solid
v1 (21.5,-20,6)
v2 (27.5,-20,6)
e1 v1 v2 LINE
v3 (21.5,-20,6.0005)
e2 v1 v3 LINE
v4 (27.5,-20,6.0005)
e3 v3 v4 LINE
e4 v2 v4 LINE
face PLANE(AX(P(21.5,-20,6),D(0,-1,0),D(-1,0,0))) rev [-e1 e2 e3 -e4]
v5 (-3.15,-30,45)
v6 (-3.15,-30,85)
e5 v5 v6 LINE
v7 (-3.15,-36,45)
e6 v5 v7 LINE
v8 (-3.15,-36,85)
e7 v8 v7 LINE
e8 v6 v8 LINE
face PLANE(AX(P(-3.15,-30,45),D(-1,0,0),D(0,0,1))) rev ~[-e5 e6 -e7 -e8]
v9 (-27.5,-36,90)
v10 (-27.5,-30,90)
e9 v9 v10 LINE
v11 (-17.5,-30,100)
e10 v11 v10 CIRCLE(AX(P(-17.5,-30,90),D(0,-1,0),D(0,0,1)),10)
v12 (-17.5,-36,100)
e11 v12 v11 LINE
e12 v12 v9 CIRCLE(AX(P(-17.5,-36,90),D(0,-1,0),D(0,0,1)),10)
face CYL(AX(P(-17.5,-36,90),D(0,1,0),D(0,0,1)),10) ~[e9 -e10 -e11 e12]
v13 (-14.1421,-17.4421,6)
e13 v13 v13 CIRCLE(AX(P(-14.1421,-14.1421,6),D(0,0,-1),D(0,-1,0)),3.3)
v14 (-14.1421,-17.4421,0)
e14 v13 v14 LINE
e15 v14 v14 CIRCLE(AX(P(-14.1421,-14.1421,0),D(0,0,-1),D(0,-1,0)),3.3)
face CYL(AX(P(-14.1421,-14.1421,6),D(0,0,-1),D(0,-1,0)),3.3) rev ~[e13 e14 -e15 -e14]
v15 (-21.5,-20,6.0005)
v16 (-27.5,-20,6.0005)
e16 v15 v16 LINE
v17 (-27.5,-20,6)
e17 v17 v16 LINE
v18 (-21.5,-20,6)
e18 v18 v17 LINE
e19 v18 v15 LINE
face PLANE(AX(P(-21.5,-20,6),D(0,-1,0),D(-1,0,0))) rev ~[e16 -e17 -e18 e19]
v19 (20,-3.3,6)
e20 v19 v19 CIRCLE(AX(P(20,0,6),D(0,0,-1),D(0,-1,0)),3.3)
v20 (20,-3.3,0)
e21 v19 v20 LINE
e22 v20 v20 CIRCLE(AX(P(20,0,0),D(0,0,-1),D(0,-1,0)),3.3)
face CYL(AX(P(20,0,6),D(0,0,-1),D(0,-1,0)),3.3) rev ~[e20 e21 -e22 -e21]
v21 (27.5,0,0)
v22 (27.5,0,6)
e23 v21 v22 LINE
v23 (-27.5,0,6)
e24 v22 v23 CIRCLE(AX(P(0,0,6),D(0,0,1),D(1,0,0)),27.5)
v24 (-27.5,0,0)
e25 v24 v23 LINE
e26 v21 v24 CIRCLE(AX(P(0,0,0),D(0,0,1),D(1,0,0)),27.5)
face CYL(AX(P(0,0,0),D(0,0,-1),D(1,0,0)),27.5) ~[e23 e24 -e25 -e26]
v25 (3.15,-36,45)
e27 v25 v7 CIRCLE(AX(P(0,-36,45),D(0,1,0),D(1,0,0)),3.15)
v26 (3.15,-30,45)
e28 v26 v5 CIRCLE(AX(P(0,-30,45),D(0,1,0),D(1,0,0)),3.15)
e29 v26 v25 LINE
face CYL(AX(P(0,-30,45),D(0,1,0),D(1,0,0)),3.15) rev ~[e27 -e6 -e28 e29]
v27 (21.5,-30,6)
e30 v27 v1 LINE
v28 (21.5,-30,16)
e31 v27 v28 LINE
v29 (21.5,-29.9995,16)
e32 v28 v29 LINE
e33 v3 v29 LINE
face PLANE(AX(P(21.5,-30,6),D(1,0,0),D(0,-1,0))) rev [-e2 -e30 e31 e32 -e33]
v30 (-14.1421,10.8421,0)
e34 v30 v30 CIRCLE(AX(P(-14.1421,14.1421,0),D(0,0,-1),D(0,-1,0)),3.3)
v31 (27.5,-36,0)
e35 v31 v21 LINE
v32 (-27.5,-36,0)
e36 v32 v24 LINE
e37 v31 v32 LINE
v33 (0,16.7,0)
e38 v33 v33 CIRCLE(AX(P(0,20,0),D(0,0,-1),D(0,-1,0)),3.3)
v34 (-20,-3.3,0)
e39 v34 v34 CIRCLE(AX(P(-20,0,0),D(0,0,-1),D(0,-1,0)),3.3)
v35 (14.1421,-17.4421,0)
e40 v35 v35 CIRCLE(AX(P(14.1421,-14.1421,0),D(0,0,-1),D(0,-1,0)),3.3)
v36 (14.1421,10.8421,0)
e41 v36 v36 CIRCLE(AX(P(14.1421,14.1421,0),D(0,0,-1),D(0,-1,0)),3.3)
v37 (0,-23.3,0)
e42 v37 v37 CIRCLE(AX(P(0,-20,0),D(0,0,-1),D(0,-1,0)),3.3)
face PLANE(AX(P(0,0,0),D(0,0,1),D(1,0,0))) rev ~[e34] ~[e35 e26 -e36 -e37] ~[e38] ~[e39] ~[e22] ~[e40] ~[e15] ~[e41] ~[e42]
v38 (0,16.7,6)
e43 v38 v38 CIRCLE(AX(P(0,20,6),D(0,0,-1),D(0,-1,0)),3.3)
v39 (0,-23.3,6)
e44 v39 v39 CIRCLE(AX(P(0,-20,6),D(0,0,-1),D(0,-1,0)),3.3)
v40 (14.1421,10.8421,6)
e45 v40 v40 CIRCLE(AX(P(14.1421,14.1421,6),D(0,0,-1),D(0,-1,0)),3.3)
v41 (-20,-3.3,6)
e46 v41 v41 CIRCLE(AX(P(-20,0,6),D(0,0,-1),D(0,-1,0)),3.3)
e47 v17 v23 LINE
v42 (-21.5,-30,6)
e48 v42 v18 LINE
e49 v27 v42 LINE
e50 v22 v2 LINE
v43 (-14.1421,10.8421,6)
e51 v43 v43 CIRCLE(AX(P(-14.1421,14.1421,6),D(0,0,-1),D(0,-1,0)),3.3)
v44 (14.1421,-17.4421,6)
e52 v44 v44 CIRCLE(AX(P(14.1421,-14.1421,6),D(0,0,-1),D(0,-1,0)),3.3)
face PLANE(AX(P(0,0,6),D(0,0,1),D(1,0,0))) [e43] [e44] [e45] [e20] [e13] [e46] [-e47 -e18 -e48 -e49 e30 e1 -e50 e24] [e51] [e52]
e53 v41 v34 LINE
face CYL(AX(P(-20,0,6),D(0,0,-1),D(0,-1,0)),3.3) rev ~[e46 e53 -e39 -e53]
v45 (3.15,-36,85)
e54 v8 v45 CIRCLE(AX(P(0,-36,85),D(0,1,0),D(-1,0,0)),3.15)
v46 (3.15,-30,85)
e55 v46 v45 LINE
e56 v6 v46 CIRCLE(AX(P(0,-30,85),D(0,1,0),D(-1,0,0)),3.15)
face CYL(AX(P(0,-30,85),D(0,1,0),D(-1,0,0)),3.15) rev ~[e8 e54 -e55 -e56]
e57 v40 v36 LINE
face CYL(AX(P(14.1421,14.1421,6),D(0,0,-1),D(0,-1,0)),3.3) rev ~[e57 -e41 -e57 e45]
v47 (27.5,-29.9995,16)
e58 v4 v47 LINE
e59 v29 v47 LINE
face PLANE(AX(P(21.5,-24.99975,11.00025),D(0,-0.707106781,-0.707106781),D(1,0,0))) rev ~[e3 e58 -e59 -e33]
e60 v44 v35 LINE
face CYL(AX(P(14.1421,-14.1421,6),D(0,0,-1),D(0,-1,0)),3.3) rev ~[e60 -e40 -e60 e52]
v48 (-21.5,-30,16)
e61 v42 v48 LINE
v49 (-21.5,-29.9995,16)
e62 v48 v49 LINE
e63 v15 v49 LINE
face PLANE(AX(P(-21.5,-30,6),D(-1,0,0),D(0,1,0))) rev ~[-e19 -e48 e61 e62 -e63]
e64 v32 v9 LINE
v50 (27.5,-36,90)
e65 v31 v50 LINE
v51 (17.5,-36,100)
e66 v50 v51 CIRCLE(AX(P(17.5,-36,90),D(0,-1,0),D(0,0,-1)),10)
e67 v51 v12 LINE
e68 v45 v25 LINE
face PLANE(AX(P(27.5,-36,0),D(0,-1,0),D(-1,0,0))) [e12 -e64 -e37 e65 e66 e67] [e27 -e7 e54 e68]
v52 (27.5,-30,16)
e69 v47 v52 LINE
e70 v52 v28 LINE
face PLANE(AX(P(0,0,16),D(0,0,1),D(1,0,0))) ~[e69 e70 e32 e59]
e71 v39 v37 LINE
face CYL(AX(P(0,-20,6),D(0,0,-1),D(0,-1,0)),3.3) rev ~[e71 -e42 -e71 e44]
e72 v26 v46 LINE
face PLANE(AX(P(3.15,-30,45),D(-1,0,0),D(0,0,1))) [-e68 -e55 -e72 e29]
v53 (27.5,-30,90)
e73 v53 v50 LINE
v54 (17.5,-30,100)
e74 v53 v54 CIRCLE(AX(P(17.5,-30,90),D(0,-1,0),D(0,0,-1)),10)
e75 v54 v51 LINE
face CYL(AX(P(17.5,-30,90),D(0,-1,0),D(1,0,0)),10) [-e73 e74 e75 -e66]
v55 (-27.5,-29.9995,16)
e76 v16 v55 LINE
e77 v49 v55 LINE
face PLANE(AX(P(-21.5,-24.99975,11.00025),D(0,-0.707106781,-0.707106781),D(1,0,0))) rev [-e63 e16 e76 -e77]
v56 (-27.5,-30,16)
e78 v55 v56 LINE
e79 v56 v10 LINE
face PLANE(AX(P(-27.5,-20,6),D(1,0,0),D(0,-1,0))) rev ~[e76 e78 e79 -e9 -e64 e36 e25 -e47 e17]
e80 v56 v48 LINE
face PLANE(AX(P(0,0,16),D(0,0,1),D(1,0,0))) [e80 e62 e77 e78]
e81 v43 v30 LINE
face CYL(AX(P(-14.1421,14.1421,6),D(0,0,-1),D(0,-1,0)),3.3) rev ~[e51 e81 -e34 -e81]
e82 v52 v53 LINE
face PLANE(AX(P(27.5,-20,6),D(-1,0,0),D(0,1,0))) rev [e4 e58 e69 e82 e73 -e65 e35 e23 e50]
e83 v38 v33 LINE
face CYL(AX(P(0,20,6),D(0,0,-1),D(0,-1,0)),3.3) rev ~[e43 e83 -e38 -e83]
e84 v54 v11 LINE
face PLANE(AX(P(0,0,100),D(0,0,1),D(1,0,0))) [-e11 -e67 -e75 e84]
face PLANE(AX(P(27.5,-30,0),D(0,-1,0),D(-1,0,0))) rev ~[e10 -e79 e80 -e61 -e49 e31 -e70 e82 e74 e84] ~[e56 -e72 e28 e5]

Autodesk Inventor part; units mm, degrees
ref_plane "YZ Plane" through (0, 0, 0) normal (1, 0, 0) x (0, 1, 0)
ref_plane "XZ Plane" through (0, 0, 0) normal (0, 1, 0) x (-1, 0, 0)
ref_plane "XY Plane" through (0, 0, 0) normal (0, 0, 1) x (1, 0, 0)
sketch "Sketch1" plane through (0, 0, 0) normal (0, 0, 1) x (1, 0, 0)
  circle A0 centre (0, 0) radius 27.5
  line L0 (-27.5, 0) -> (27.5, 0)
  line L1 (27.5, 0) -> (27.5, -36)
  line L2 (27.5, -36) -> (-27.5, -36)
  line L3 (-27.5, -36) -> (-27.5, 0)
  line L4 (27.5, -30) -> (-27.5, -30)
  point P0 (20, 0)
  point P1 (20, 0)
  point P2 (20, 0)
  dimension "d0" = 55
  dimension "d1" = 36
  dimension "d2" = 6
  dimension "d7" = 20
extrude "Extrusion1" add sketch "Sketch1" along normal blind 6 contours L0 A0 | L1 L4 L3 A0 | A0 L0
extrude "Extrusion2" add sketch "Sketch1" along normal blind 100 contours L1 L2 L3 L4
sketch "Sketch2" plane through (0, 0, 6) normal (0, 0, 1) x (1, 0, 0)
  arc A0 (27.5, 0) -> (-27.5, 0) centre (0, 0) ccw projected
  line L0 (-27.5, -30) -> (-21.5, -30)
  line L1 (-21.5, -30) -> (-21.5, -20)
  line L2 (-21.5, -20) -> (-27.5, -20)
  line L3 (-27.5, -20) -> (-27.5, -30)
  point P0 (20, 0)
  point P1 (14.1421, 14.1421)
  point P2 (0, 20)
  point P3 (-14.1421, 14.1421)
  point P4 (-20, 0)
  point P5 (-14.1421, -14.1421)
  point P6 (0, -20)
  point P7 (14.1421, -14.1421)
  dimension "d8" = 20
  dimension "d11" = 360
  dimension "d20" = 6
  dimension "d21" = 10
hole "Hole1" at (20, 0, 6) at (0, 20, 6) at (-14.1421, 14.1421, 6) at (-20, 0, 6) at (-14.1421, -14.1421, 6) at (0, -20, 6) at (14.1421, -14.1421, 6) at (14.1421, 14.1421, 6) direction (0, 0, -1) diameter 6.6 end through all clearance for "Flat Head Machine Screw" size "M6" standard "Ansi Metric M Profile"
extrude "Extrusion3" add sketch "Sketch2" along normal blind 10
mirror "Mirror3" about plane through (0, 0, 0) normal (1, 0, 0) of "Extrusion3"
chamfer "Chamfer1" distance 10 angle 45 2 edges at (-24.5, -20, 16) (24.5, -20, 16)
sketch "Sketch3" plane through (-27.5, -30, 100) normal (0, 1, 0) x (1, 0, 0)
  line L0 (55, 0) -> (0, 0) projected
  line L1 (55, 84) -> (55, 0) projected
  arc A0 (30.65, 55) -> (24.35, 55) centre (27.5, 55) ccw
  arc A1 (24.35, 15) -> (30.65, 15) centre (27.5, 15) ccw
  line L2 (30.65, 55) -> (30.65, 15)
  line L3 (24.35, 55) -> (24.35, 15)
  point P0 (27.5, 100)
  dimension "d27" = 15
  dimension "d28" = 40
  dimension "d29" = 3.15
  dimension "d30" = 3.15
extrude "Extrusion4" cut sketch "Sketch3" against normal through all
fillet "Fillet1" radius 10 2 edges at (27.5, -33, 100) (-27.5, -33, 100)
properties part number "c920_plate"
